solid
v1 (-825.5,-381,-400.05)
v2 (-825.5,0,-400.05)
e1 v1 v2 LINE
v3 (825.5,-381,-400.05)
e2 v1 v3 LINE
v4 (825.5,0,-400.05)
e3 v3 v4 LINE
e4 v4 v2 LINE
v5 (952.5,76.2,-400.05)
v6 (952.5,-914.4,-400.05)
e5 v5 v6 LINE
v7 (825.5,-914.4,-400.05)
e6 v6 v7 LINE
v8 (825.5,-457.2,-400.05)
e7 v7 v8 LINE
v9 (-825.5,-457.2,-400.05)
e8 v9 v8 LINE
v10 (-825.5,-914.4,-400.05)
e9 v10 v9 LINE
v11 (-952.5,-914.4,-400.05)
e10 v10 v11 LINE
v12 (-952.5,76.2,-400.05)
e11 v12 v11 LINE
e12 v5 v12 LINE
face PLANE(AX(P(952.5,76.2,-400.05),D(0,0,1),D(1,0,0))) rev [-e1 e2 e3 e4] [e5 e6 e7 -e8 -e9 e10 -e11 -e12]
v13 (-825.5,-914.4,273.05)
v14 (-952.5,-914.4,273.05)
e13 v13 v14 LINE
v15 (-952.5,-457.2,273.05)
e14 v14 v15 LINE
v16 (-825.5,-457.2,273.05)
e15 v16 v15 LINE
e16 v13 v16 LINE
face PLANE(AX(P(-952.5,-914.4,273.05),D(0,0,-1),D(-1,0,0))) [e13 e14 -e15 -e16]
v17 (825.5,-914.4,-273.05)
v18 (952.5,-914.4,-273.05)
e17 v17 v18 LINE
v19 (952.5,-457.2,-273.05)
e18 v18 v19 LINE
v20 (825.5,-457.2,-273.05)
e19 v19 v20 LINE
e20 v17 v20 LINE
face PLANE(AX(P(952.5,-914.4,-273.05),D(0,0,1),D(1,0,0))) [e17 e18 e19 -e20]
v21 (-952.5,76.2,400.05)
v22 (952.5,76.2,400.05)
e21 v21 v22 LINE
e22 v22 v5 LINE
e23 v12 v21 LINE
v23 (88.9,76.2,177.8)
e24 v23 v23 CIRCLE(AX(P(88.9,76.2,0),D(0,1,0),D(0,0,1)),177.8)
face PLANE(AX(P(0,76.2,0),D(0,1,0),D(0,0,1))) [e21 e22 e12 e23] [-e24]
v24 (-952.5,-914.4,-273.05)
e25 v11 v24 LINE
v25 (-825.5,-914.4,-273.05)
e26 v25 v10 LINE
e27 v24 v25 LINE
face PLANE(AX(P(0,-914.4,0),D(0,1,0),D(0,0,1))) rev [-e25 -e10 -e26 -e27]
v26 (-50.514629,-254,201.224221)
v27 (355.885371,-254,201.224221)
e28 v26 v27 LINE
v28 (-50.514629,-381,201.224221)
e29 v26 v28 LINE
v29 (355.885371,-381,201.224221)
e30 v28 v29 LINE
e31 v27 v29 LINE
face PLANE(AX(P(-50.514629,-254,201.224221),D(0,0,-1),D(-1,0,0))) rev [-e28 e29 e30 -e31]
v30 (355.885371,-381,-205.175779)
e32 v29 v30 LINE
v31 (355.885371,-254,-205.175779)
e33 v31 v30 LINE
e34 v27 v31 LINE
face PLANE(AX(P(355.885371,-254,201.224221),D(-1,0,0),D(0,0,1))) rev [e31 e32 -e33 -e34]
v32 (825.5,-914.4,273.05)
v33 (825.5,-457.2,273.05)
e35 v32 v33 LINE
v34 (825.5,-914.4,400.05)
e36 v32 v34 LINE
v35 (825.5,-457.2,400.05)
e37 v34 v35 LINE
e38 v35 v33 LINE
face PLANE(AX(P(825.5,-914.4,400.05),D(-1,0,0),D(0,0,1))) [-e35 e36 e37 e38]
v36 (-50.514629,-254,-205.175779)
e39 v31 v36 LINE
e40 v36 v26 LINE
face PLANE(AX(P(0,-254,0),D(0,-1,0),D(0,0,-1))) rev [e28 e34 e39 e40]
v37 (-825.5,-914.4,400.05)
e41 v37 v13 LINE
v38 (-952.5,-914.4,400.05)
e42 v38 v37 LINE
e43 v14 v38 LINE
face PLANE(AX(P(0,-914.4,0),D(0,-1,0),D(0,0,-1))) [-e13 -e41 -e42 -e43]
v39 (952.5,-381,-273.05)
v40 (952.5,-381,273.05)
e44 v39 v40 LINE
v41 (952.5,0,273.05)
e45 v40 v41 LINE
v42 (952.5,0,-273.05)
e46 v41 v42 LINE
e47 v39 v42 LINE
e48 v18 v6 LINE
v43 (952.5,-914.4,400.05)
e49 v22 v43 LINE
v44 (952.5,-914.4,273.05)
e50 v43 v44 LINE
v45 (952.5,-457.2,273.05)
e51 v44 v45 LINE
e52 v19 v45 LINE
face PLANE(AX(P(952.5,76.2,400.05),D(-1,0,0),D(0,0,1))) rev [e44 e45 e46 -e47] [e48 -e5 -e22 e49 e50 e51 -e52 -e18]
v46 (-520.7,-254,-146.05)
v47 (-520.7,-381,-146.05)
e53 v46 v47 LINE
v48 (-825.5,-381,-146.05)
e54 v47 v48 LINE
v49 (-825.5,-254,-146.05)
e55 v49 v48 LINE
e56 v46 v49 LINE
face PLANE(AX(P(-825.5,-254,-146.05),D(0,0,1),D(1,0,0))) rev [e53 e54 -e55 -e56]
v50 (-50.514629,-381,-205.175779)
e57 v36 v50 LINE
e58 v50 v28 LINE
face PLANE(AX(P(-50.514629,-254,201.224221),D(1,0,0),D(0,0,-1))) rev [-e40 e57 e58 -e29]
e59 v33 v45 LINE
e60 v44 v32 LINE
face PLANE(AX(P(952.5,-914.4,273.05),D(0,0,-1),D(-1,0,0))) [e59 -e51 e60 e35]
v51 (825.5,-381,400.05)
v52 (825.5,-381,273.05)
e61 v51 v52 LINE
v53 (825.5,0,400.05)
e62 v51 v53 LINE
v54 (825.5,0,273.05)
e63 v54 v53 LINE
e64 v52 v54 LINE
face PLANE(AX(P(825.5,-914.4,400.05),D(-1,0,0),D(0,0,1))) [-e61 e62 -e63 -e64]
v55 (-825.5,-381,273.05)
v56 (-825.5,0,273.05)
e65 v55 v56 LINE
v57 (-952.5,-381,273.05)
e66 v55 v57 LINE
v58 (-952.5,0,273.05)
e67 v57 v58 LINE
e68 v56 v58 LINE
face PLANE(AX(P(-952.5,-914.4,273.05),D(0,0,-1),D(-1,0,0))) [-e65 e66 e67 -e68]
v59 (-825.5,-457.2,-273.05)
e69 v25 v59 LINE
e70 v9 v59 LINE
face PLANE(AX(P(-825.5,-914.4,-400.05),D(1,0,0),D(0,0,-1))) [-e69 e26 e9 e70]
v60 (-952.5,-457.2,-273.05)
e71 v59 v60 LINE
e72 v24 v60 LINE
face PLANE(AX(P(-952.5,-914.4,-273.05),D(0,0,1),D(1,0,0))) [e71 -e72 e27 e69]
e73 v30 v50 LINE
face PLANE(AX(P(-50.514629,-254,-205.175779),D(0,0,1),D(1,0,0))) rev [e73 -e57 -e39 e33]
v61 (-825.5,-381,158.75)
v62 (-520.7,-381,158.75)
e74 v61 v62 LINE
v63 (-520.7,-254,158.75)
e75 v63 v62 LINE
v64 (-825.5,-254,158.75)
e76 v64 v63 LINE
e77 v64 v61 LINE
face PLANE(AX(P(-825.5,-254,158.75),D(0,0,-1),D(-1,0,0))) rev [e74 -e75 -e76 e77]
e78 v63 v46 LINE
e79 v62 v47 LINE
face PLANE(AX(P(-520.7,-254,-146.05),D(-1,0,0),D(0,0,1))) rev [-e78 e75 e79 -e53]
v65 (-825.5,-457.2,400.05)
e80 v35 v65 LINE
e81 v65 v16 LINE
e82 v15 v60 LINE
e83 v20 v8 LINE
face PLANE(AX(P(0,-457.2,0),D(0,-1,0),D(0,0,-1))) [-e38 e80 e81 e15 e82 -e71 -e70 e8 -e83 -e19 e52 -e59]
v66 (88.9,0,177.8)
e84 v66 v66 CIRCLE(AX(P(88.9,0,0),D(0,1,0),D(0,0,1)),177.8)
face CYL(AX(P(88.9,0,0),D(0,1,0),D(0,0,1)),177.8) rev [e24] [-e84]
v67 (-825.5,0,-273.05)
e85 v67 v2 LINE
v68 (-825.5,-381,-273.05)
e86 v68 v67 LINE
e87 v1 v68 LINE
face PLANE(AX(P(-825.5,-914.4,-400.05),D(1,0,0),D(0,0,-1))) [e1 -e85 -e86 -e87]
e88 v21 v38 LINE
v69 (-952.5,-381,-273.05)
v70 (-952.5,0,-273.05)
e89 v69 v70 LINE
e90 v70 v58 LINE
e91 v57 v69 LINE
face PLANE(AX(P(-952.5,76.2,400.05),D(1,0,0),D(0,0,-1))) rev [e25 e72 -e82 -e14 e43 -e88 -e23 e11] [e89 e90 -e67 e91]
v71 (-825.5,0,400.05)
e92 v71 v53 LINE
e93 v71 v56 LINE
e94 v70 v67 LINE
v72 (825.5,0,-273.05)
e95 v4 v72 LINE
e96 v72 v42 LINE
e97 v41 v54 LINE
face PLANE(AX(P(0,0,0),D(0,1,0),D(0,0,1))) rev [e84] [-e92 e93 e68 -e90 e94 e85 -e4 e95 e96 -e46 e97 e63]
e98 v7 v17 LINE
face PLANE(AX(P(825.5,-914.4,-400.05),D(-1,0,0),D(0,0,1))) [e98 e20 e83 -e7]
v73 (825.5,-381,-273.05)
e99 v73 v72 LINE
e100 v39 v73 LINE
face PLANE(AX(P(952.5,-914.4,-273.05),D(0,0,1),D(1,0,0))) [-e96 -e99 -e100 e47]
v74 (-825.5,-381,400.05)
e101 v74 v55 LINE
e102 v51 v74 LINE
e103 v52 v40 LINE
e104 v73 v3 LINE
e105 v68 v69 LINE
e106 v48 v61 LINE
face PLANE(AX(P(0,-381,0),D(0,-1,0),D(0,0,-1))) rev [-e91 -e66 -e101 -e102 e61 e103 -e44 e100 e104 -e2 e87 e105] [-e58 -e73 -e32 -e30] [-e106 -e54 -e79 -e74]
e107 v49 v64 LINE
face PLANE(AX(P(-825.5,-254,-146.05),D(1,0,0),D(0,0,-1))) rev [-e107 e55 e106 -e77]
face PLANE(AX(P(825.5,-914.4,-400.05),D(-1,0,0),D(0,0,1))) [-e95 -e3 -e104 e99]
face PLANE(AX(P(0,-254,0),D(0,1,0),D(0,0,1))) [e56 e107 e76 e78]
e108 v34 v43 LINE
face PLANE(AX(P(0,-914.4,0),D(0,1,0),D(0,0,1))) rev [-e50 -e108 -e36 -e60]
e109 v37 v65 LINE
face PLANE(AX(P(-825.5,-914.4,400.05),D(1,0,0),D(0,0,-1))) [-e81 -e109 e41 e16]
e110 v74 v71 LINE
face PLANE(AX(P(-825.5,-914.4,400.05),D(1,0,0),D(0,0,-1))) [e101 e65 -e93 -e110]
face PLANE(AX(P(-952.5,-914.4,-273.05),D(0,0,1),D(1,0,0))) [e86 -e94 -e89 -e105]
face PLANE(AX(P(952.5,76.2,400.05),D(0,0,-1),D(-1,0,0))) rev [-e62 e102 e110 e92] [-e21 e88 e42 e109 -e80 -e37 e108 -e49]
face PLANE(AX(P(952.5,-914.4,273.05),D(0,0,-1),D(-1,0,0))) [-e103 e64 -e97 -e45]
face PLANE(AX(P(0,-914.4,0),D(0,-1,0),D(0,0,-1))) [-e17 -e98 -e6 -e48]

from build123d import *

# Parameters (mm, degrees)
SKETCH1_W           = 1905
SKETCH1_H           = 800.1
BOSS_EXTRUDE1_DEPTH = 76.2
BOSS_EXTRUDE2_START = 457.2
SKETCH2_W           = 1905
SKETCH2_H           = 800.1
BOSS_EXTRUDE2_DEPTH = 76.2
SKETCH3_W           = 127
SKETCH3_H           = 127
BOSS_EXTRUDE3_DEPTH = 990.6
SKETCH4_R           = 177.8
CUT_EXTRUDE1_DEPTH  = 76.2
SKETCH5_W           = 406.4
SKETCH5_H           = 406.4
CONTROL_BOX_DEPTH   = 127
SKETCH6_W           = 304.8
SKETCH6_H           = 304.8
SPECTROMETER_DEPTH  = 127


with BuildPart() as part:
    # Sketch1 → Boss-Extrude1 (new body)
    with BuildSketch(Plane(origin=(0, 0, 0), x_dir=(1, 0, 0), z_dir=(0, 1, 0))):
        Rectangle(SKETCH1_W, SKETCH1_H)
    extrude(amount=BOSS_EXTRUDE1_DEPTH)



with BuildPart() as body_2:
    # Sketch2 → Boss-Extrude2 (new body)
    with BuildSketch(Plane.XZ.offset(-76.2).offset(BOSS_EXTRUDE2_START)):
        Rectangle(SKETCH2_W, SKETCH2_H)
    extrude(amount=BOSS_EXTRUDE2_DEPTH)


with BuildPart() as part_1:
    add(part.part)

    add(body_2.part)  # Boss-Extrude3 merges body 2
    # Sketch3 → Boss-Extrude3 (add)
    with BuildSketch(Plane(origin=(0, 76.2, 0), x_dir=(1, 0, 0), z_dir=(0, 1, 0))):
        with Locations((-889, -336.55)):
            Rectangle(SKETCH3_W, SKETCH3_H)
        with Locations((889, 336.55)):
            Rectangle(SKETCH3_W, SKETCH3_H)
        with Locations((-889, 336.55)):
            Rectangle(SKETCH3_W, SKETCH3_H)
        with Locations((889, -336.55)):
            Rectangle(SKETCH3_W, SKETCH3_H)
    extrude(amount=-BOSS_EXTRUDE3_DEPTH)

    # Sketch4 → Cut-Extrude1 (cut)
    with BuildSketch(Plane(origin=(0, 76.2, 0), x_dir=(1, 0, 0), z_dir=(0, 1, 0))):
        with Locations((88.9, 0)):
            Circle(SKETCH4_R)
    extrude(amount=-CUT_EXTRUDE1_DEPTH, mode=Mode.SUBTRACT)

    # Sketch5 → Control Box (add)
    with BuildSketch(Plane(origin=(0, -381, 0), x_dir=(1, 0, 0), z_dir=(0, 1, 0))):
        with Locations((152.685371452, 1.975779164)):
            Rectangle(SKETCH5_W, SKETCH5_H)
    extrude(amount=CONTROL_BOX_DEPTH)

    # Sketch6 → Spectrometer (add)
    with BuildSketch(Plane(origin=(0, -381, 0), x_dir=(1, 0, 0), z_dir=(0, 1, 0))):
        with Locations((-673.1, -6.35)):
            Rectangle(SKETCH6_W, SKETCH6_H)
    extrude(amount=SPECTROMETER_DEPTH)


solid = part_1.part
